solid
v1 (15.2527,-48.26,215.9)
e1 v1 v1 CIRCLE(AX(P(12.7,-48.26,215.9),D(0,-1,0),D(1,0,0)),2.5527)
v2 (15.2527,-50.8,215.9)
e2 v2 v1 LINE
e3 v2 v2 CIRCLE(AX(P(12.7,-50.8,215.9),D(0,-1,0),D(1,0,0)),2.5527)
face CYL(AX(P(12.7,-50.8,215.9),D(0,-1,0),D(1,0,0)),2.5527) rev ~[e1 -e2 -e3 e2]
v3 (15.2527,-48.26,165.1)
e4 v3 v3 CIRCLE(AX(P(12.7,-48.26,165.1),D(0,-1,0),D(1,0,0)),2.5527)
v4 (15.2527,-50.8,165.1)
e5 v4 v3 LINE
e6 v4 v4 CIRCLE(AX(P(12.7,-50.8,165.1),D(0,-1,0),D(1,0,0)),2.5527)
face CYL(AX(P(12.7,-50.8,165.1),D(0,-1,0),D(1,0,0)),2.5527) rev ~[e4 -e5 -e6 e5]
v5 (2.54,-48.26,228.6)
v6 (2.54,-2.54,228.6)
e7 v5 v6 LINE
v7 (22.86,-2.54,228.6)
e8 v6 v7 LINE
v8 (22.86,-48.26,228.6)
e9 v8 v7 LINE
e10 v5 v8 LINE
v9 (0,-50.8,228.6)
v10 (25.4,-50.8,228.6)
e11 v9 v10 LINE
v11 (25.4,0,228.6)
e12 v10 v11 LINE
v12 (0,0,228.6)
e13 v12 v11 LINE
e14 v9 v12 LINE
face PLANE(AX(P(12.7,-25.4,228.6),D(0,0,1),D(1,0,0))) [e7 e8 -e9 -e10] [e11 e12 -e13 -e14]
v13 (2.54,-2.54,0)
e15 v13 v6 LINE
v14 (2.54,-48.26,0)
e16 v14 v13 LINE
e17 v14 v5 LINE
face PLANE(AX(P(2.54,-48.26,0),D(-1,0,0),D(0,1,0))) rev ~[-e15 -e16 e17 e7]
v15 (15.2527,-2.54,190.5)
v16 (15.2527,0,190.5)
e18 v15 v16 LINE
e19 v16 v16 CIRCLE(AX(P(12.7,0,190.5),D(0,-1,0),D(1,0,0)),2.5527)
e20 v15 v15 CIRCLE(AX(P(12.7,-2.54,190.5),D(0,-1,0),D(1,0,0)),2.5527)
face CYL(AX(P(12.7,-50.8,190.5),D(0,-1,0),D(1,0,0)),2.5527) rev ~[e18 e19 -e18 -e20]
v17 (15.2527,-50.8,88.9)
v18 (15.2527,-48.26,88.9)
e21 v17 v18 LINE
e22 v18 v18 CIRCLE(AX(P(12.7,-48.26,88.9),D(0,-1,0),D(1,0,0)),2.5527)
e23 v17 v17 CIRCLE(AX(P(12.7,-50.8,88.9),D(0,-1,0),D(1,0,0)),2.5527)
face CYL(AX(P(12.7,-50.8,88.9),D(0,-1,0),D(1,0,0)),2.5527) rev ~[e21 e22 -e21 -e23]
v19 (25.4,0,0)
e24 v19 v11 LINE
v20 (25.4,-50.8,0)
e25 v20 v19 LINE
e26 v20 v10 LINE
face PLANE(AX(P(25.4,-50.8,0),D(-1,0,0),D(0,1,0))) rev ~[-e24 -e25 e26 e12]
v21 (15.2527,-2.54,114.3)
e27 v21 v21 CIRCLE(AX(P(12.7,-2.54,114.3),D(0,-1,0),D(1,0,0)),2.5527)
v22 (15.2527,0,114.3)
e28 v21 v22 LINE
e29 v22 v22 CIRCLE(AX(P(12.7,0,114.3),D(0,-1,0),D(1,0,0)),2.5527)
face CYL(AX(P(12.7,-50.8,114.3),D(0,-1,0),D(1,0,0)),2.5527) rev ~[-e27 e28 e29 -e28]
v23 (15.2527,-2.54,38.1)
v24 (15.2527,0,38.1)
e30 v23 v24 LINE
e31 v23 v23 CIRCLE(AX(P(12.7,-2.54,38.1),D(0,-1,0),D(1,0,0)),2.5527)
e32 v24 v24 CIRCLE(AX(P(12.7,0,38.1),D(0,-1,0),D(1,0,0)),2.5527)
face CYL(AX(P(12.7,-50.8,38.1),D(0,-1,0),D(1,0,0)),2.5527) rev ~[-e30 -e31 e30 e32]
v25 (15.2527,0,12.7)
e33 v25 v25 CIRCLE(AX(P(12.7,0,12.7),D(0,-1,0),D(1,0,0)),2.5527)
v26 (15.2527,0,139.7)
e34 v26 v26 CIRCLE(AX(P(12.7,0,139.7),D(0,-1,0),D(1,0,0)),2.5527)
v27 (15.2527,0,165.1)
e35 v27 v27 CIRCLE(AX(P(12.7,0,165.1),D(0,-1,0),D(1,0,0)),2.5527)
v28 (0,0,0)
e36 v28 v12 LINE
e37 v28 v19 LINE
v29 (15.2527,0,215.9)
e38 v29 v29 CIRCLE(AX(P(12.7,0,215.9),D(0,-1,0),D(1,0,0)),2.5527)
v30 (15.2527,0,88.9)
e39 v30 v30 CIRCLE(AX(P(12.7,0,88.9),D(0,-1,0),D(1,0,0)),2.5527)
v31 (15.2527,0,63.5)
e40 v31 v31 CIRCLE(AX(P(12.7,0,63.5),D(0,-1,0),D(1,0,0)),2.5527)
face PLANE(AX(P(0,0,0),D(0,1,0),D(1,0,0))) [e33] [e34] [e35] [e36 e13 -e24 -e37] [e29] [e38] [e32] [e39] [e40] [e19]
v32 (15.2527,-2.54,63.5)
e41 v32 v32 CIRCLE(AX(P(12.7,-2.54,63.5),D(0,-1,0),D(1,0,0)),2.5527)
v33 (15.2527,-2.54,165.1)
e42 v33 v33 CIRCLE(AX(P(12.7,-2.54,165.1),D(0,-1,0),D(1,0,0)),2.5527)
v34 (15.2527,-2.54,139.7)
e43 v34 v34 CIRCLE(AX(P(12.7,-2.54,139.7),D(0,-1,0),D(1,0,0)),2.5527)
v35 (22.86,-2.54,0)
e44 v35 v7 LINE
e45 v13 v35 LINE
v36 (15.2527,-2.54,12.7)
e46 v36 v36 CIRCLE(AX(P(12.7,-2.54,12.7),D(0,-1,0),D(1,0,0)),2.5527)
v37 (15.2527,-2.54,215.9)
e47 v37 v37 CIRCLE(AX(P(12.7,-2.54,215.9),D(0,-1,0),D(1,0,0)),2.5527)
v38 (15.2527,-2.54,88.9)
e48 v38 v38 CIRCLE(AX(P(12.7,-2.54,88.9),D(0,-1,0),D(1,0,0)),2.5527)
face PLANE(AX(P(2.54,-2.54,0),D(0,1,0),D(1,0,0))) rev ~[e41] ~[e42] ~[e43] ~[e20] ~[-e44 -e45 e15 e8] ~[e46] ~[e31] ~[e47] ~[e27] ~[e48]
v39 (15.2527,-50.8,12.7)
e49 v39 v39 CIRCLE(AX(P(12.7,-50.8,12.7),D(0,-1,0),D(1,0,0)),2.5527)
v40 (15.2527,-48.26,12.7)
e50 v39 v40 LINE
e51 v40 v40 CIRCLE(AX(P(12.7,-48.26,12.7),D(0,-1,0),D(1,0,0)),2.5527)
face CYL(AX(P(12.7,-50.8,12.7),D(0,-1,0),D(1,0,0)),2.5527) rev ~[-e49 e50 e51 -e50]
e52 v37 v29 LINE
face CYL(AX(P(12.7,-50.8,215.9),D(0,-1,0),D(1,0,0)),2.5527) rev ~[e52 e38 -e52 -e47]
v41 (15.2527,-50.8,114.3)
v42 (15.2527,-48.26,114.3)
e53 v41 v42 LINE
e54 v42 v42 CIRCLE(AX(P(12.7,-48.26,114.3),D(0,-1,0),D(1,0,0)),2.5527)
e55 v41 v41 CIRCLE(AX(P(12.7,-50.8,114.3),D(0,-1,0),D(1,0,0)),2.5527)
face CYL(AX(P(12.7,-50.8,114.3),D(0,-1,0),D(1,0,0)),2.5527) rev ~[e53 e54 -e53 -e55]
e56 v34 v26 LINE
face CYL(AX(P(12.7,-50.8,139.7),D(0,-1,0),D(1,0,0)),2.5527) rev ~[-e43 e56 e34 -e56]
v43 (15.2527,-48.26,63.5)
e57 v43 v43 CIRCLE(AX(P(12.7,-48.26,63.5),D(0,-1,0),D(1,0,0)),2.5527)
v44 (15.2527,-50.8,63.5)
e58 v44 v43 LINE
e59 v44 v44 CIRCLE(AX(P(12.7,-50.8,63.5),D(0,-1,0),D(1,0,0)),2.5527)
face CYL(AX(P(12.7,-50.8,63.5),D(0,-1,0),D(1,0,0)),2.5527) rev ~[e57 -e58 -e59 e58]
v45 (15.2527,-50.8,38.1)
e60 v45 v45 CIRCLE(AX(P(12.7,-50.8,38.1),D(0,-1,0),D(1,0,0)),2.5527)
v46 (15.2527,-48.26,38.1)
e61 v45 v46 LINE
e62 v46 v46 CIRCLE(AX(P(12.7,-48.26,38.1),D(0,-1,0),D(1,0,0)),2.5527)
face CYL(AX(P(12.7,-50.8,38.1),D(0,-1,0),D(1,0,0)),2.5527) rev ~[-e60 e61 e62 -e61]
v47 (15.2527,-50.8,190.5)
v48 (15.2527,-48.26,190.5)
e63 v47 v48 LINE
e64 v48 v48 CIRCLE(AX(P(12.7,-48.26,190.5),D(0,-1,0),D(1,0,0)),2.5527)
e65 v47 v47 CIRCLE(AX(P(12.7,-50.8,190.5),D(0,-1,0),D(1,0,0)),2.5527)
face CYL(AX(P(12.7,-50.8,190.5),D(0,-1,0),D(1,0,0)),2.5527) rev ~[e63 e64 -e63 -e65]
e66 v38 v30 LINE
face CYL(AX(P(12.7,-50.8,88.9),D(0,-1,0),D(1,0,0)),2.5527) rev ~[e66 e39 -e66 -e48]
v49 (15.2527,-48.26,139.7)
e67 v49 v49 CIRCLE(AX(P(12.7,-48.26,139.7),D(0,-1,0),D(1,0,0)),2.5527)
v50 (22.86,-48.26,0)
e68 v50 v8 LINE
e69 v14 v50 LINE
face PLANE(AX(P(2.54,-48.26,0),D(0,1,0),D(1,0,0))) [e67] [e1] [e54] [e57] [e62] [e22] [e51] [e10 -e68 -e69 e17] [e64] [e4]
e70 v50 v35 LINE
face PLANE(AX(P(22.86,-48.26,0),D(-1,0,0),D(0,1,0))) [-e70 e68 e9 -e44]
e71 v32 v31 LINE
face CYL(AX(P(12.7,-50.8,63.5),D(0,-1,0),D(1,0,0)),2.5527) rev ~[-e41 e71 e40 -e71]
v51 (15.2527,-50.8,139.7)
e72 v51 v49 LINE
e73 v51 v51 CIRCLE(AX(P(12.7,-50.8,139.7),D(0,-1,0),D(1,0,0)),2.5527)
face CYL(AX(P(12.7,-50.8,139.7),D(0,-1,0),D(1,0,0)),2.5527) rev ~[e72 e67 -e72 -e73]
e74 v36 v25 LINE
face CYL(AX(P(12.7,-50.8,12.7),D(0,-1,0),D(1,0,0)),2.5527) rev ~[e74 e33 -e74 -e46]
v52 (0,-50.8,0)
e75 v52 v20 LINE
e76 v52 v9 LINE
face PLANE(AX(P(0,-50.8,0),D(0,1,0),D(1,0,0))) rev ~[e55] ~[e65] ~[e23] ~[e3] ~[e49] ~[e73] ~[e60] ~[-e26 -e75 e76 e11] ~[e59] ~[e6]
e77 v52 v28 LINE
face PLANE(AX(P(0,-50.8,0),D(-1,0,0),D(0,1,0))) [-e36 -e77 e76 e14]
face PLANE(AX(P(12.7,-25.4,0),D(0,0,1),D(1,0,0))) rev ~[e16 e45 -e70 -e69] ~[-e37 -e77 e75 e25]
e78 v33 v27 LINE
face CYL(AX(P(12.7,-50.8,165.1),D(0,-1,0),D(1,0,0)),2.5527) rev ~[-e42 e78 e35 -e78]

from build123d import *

# Parameters (mm, degrees)
F0_W     = 25.4
F0_H     = 50.8
F0_W_2   = 20.32
F0_H_2   = 45.72
F1_DEPTH = 228.6
F2_R     = 2.5527
F3_DEPTH = 50.8


with BuildPart() as f1:
    # F0 (on Top) → F1 (new body)
    with BuildSketch(Plane.XY):
        with Locations((12.7, -25.4)):
            Rectangle(F0_W, F0_H)
        with Locations((12.7, -25.4)):
            Rectangle(F0_W_2, F0_H_2, mode=Mode.SUBTRACT)
    extrude(amount=F1_DEPTH)

    # F2 (on face) → F3 (cut)
    with BuildSketch(Plane.XZ.offset(50.8)):
        with Locations((12.7, 139.7)):
            Circle(F2_R)
        with Locations((12.7, 114.3)):
            Circle(F2_R)
        with Locations((12.7, 88.9)):
            Circle(F2_R)
        with Locations((12.7, 63.5)):
            Circle(F2_R)
        with Locations((12.7, 38.1)):
            Circle(F2_R)
        with Locations((12.7, 12.7)):
            Circle(F2_R)
        with Locations((12.7, 165.1)):
            Circle(F2_R)
        with Locations((12.7, 190.5)):
            Circle(F2_R)
        with Locations((12.7, 215.9)):
            Circle(F2_R)
        with Locations((12.7, 241.3)):
            Circle(F2_R)
    extrude(amount=-F3_DEPTH, mode=Mode.SUBTRACT)


solid = f1.part
